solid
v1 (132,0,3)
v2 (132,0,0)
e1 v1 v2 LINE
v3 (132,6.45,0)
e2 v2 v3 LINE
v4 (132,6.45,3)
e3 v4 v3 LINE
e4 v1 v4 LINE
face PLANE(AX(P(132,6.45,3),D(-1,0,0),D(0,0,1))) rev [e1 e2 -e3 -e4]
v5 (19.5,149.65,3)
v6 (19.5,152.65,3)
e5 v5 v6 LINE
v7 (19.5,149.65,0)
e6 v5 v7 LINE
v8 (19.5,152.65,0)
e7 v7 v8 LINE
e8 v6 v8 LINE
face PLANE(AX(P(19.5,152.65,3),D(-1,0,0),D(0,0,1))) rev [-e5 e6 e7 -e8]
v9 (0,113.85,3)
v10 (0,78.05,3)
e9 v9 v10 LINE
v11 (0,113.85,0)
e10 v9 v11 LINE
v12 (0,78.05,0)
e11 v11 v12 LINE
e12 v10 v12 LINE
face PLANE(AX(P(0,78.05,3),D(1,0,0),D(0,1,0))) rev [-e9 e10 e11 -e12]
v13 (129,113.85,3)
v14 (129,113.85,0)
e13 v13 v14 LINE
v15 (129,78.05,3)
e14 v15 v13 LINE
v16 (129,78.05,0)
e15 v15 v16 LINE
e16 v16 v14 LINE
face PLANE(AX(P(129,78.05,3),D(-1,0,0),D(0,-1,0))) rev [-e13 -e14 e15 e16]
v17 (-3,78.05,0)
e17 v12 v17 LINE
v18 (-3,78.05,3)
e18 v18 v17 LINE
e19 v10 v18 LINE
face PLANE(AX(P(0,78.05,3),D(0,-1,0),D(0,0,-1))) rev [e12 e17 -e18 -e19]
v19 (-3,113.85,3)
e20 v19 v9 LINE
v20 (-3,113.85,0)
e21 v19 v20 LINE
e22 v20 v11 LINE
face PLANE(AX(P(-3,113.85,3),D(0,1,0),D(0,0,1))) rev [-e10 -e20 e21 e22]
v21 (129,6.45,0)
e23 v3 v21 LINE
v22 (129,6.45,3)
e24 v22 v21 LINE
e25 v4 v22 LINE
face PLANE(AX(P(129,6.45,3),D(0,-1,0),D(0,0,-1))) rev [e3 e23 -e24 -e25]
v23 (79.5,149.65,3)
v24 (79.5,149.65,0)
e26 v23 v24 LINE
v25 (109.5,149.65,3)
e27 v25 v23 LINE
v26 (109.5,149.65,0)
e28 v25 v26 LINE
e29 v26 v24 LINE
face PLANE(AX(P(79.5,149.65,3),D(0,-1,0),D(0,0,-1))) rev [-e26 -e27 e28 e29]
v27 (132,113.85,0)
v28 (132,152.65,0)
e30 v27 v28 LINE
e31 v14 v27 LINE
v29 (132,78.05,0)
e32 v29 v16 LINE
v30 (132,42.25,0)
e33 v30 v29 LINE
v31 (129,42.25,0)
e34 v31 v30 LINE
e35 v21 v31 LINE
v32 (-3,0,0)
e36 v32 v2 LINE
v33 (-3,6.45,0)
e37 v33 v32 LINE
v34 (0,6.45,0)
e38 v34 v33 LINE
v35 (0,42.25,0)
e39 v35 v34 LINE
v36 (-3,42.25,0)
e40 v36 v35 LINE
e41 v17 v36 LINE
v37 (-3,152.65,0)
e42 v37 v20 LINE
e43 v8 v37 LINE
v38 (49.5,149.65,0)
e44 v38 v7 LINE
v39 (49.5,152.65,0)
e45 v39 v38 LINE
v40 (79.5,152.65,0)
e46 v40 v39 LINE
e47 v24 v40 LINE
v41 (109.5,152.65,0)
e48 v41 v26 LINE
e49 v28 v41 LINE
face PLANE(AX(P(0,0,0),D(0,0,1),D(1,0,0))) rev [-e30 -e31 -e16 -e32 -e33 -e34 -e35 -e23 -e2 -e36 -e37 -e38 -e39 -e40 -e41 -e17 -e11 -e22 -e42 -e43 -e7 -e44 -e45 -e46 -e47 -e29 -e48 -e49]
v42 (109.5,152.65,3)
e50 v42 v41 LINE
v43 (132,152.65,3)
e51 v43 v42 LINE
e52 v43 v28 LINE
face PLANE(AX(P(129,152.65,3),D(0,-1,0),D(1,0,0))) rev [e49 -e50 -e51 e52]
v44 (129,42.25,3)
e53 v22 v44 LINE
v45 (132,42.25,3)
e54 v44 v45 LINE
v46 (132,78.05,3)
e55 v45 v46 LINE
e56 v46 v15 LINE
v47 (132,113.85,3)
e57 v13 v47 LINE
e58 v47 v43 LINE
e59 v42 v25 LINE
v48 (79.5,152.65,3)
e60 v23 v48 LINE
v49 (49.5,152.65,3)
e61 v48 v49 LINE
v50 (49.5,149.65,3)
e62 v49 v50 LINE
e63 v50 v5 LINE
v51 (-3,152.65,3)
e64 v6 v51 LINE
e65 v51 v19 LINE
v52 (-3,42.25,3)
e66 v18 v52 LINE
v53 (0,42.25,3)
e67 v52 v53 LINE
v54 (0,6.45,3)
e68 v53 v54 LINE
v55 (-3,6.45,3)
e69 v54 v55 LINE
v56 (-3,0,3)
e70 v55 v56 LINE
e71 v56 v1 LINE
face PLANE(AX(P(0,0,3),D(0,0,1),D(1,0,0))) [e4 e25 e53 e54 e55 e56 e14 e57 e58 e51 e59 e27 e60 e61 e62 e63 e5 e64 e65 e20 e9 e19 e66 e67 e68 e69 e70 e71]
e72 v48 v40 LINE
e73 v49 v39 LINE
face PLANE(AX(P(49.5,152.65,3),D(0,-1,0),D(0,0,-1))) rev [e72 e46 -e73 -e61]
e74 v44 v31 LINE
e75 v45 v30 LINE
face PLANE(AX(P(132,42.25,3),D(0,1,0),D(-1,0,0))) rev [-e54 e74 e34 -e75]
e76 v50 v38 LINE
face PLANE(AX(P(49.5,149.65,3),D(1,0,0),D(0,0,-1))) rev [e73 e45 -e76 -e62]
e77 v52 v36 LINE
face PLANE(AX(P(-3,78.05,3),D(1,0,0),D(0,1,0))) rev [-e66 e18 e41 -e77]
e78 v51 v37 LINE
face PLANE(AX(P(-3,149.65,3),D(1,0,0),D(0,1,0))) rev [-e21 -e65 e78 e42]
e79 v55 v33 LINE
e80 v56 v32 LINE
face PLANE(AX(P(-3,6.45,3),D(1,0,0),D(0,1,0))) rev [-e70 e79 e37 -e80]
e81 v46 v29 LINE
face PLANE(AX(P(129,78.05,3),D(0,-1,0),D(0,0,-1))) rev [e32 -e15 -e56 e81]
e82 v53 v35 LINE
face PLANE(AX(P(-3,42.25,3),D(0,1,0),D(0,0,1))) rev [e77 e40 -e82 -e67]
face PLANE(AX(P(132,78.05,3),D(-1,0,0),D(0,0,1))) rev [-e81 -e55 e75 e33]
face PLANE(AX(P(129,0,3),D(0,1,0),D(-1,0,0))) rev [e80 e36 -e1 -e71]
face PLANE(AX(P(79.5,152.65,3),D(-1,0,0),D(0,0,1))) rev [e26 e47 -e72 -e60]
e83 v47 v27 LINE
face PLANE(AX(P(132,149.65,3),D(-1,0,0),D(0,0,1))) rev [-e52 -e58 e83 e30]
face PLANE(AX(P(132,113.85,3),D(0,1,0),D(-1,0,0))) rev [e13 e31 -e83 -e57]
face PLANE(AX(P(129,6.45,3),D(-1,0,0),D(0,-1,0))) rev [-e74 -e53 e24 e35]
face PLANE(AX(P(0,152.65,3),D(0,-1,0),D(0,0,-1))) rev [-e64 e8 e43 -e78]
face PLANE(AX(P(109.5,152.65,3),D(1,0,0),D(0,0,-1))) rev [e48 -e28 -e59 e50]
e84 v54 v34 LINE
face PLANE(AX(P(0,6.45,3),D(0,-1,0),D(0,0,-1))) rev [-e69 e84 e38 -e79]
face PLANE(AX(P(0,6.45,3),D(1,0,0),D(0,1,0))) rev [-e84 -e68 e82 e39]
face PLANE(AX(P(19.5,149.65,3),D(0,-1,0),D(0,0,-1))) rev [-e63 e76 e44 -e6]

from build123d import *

# Parameters (mm, degrees)
BOSS_EXTRUDE1_DEPTH = 3


with BuildPart() as part:
    # Sketch1 → Boss-Extrude1 (new body)
    with BuildSketch(Plane.XY):
        Polygon((0, 0), (129, 0), (132, 0), (132, 6.45), (129, 6.45), (129, 42.25), (132, 42.25), (132, 78.05), (129, 78.05), (129, 113.85), (132, 113.85), (132, 149.65), (132, 152.65), (129, 152.65), (109.5, 152.65), (109.5, 149.65), (79.5, 149.65), (79.5, 152.65), (49.5, 152.65), (49.5, 149.65), (19.5, 149.65), (19.5, 152.65), (0, 152.65), (-3, 152.65), (-3, 149.65), (-3, 113.85), (0, 113.85), (0, 78.05), (-3, 78.05), (-3, 42.25), (0, 42.25), (0, 6.45), (-3, 6.45), (-3, 0), align=None)
    extrude(amount=BOSS_EXTRUDE1_DEPTH)


solid = part.part
